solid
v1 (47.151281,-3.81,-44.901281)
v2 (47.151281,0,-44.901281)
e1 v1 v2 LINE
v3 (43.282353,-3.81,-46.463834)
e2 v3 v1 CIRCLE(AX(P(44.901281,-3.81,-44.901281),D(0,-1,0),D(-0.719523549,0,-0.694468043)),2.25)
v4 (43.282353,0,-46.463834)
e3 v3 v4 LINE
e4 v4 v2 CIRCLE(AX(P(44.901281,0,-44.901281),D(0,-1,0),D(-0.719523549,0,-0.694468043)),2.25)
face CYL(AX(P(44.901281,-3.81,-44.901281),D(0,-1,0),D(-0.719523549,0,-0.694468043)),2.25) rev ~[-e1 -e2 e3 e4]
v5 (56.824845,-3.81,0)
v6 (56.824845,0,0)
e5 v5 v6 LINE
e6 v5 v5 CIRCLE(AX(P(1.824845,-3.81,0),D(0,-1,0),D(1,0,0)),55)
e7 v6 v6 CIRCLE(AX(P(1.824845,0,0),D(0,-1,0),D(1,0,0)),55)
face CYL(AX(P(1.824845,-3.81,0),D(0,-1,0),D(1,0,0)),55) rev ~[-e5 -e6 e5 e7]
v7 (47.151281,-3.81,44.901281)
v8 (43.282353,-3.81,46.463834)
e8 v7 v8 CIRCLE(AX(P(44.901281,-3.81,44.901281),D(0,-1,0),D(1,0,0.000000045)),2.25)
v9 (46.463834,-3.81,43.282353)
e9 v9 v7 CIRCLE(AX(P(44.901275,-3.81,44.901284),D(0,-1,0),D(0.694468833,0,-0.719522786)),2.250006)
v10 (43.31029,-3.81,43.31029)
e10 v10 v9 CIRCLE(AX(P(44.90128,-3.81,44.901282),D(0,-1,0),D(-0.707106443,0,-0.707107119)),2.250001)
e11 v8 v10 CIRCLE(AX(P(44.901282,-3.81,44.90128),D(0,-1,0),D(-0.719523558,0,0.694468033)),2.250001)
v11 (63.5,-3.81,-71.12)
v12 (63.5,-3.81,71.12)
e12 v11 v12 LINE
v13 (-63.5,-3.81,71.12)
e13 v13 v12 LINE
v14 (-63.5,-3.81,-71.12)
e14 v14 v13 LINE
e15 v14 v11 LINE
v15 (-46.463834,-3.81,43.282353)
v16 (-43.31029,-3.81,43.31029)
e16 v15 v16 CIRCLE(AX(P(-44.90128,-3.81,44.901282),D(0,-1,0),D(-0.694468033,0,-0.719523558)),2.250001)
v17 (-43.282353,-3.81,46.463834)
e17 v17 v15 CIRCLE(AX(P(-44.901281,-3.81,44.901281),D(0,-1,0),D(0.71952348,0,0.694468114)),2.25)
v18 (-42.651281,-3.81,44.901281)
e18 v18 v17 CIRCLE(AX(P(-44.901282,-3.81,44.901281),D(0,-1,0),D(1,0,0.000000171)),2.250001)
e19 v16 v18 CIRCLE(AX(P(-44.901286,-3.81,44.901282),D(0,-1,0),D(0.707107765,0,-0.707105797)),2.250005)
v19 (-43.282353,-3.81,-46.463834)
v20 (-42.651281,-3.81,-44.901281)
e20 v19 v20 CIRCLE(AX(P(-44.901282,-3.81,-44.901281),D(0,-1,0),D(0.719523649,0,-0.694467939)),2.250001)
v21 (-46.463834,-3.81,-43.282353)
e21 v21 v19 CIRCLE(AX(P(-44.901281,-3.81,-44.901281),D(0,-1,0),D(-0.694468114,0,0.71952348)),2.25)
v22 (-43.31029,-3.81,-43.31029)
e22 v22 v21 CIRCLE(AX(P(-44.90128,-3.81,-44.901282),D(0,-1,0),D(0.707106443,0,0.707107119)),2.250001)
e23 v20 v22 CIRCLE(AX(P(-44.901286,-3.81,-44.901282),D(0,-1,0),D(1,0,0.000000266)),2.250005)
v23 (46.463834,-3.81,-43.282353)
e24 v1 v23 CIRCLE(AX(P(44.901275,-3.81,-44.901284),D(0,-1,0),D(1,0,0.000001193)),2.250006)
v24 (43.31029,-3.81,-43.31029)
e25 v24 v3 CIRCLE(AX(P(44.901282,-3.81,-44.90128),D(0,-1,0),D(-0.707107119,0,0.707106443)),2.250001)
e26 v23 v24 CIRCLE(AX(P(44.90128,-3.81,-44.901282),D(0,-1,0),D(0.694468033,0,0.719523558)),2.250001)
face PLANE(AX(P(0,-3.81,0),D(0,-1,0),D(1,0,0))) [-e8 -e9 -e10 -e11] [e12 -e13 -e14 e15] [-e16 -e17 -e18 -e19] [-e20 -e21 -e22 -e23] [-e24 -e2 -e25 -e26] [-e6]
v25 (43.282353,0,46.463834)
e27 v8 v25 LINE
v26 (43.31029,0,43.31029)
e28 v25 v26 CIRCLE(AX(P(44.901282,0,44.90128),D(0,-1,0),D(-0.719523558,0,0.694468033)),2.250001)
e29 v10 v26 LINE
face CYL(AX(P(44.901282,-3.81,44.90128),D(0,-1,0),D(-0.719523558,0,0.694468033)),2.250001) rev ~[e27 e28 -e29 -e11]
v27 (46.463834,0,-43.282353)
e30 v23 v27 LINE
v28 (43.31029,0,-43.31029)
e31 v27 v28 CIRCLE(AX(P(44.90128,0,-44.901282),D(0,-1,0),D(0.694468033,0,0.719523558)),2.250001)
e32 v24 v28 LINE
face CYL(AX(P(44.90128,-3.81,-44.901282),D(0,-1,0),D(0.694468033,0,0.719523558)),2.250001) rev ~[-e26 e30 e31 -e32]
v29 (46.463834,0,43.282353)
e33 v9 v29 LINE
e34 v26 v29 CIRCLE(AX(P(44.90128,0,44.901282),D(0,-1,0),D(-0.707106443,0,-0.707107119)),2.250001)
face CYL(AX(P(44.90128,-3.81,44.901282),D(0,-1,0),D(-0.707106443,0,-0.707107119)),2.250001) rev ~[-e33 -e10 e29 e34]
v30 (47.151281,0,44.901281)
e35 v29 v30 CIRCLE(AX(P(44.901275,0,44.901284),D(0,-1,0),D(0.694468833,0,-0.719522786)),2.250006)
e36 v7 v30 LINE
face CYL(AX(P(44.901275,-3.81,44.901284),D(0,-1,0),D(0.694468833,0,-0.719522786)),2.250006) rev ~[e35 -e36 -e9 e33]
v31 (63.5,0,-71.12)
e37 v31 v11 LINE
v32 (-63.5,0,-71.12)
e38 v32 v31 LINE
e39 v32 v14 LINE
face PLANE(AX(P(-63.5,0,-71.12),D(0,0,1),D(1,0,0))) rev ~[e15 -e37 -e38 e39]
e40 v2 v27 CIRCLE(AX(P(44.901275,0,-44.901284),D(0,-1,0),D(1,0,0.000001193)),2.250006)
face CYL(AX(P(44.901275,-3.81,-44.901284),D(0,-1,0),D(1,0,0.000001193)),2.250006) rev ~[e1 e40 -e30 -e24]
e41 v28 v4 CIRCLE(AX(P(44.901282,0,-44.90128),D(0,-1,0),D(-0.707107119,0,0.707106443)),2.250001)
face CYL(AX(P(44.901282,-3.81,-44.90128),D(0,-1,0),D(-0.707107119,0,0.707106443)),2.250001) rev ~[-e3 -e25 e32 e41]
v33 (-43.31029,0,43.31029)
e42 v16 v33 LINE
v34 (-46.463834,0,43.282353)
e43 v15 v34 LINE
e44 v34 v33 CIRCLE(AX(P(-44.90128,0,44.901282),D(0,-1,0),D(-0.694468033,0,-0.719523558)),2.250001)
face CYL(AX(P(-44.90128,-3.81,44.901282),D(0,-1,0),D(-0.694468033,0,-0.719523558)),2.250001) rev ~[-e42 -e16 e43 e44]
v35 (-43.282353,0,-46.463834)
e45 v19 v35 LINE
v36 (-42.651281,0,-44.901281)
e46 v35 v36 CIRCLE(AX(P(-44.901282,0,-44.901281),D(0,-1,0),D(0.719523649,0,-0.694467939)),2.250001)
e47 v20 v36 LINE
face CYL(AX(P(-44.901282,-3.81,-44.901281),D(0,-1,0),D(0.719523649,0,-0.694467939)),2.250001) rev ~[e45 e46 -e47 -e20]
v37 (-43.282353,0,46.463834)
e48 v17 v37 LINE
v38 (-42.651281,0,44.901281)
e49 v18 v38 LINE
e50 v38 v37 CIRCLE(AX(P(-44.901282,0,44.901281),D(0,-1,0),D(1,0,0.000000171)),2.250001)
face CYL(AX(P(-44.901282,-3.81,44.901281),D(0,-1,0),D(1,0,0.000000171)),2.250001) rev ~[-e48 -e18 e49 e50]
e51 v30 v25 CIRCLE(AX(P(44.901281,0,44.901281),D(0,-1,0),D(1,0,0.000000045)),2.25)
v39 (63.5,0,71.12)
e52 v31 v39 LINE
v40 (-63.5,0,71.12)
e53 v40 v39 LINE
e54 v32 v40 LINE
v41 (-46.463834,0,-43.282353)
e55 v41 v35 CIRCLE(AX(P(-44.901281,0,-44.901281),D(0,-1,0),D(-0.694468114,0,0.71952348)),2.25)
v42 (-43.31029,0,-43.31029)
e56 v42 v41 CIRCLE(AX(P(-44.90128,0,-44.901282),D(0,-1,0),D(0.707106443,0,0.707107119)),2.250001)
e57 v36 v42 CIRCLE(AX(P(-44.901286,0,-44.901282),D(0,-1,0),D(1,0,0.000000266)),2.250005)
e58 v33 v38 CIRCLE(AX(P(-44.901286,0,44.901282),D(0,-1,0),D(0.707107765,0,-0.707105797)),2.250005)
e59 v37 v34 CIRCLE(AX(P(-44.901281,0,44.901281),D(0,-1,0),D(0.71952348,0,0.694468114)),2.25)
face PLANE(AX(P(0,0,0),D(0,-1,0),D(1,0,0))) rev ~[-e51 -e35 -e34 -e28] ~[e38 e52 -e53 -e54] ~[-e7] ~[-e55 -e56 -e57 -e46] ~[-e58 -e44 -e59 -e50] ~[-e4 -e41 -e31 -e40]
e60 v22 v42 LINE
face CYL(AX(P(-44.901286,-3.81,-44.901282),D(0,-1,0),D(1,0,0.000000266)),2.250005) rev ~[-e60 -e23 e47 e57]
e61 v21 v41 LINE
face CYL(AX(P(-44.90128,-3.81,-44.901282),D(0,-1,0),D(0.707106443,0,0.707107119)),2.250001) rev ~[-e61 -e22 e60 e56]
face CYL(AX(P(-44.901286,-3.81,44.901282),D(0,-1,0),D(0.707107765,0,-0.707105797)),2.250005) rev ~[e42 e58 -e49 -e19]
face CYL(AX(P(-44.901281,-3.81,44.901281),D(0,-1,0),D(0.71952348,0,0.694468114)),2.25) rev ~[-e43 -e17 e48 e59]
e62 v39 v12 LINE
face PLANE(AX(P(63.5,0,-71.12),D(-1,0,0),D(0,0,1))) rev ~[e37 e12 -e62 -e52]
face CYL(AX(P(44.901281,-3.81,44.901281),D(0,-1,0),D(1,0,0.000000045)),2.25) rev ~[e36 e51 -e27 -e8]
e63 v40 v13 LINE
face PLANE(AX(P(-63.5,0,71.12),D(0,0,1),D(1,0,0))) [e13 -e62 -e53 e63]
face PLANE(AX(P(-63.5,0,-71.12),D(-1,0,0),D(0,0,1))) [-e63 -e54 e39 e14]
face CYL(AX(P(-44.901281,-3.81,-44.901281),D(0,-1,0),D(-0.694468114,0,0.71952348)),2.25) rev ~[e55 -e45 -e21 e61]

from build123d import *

# Parameters (mm, degrees)
F0_W     = 127
F0_H     = 142.24
F1_DEPTH = 3.81
F2_R     = 55
F3_DEPTH = 3.81
F5_DEPTH = 3.81


with BuildPart() as f1:
    # F0 (on Front) → F1 (new body)
    with BuildSketch(Plane.XZ):
        Rectangle(F0_W, F0_H)
    extrude(amount=F1_DEPTH)

    # F2 (on face) → F3 (cut, through all)
    with BuildSketch(Plane.XZ.offset(3.81)):
        with Locations((1.824845, 0)):
            Circle(F2_R)
    extrude(amount=-F3_DEPTH, mode=Mode.SUBTRACT)

    # F4 (on face) → F5 (cut, through all)
    with BuildSketch(Plane.XZ.offset(3.81)):
        with BuildLine():
            ThreePointArc((-46.463834, 43.282353), (-44.881349, 42.651369), (-43.31029, 43.31029))
            Line((-43.31029, 43.31029), (-44.901281, 44.901281))
            ThreePointArc((-44.901281, 44.901281), (-45.689728, 44.098738), (-46.463834, 43.282353))
        make_face()
        with BuildLine():
            ThreePointArc((-44.901281, 44.901281), (-44.098738, 45.689728), (-43.282353, 46.463834))
            ThreePointArc((-43.282353, 46.463834), (-46.492271, 46.492271), (-46.463834, 43.282353))
            ThreePointArc((-46.463834, 43.282353), (-45.689728, 44.098738), (-44.901281, 44.901281))
        make_face()
        with BuildLine():
            ThreePointArc((-42.651281, 44.901281), (-42.815006, 45.74387), (-43.282353, 46.463834))
            ThreePointArc((-43.282353, 46.463834), (-44.098738, 45.689728), (-44.901281, 44.901281))
            Line((-44.901281, 44.901281), (-43.31029, 43.31029))
            ThreePointArc((-43.31029, 43.31029), (-42.822552, 44.040243), (-42.651281, 44.901281))
        make_face()
        with BuildLine():
            ThreePointArc((44.901281, 44.901281), (45.689728, 44.098738), (46.463834, 43.282353))
            ThreePointArc((46.463834, 43.282353), (46.9723, 44.021862), (47.151281, 44.901281))
            ThreePointArc((47.151281, 44.901281), (45.74387, 46.987556), (43.282353, 46.463834))
            ThreePointArc((43.282353, 46.463834), (44.098738, 45.689728), (44.901281, 44.901281))
        make_face()
        with BuildLine():
            ThreePointArc((43.31029, 43.31029), (44.881349, 42.651369), (46.463834, 43.282353))
            ThreePointArc((46.463834, 43.282353), (45.689728, 44.098738), (44.901281, 44.901281))
            Line((44.901281, 44.901281), (43.31029, 43.31029))
        make_face()
        with BuildLine():
            Line((43.31029, 43.31029), (44.901281, 44.901281))
            ThreePointArc((44.901281, 44.901281), (44.098738, 45.689728), (43.282353, 46.463834))
            ThreePointArc((43.282353, 46.463834), (42.651369, 44.881349), (43.31029, 43.31029))
        make_face()
        with BuildLine():
            ThreePointArc((44.901281, -44.901281), (45.689728, -44.098738), (46.463834, -43.282353))
            ThreePointArc((46.463834, -43.282353), (44.881349, -42.651369), (43.31029, -43.31029))
            Line((43.31029, -43.31029), (44.901281, -44.901281))
        make_face()
        with BuildLine():
            ThreePointArc((43.282353, -46.463834), (44.098738, -45.689728), (44.901281, -44.901281))
            Line((44.901281, -44.901281), (43.31029, -43.31029))
            ThreePointArc((43.31029, -43.31029), (42.651369, -44.881349), (43.282353, -46.463834))
        make_face()
        with BuildLine():
            ThreePointArc((47.151281, -44.901281), (46.9723, -44.021862), (46.463834, -43.282353))
            ThreePointArc((46.463834, -43.282353), (45.689728, -44.098738), (44.901281, -44.901281))
            ThreePointArc((44.901281, -44.901281), (44.098738, -45.689728), (43.282353, -46.463834))
            ThreePointArc((43.282353, -46.463834), (45.74387, -46.987556), (47.151281, -44.901281))
        make_face()
        with BuildLine():
            ThreePointArc((-46.463834, -43.282353), (-46.492271, -46.492271), (-43.282353, -46.463834))
            ThreePointArc((-43.282353, -46.463834), (-44.098738, -45.689728), (-44.901281, -44.901281))
            ThreePointArc((-44.901281, -44.901281), (-45.689728, -44.098738), (-46.463834, -43.282353))
        make_face()
        with BuildLine():
            Line((-44.901281, -44.901281), (-43.31029, -43.31029))
            ThreePointArc((-43.31029, -43.31029), (-44.881349, -42.651369), (-46.463834, -43.282353))
            ThreePointArc((-46.463834, -43.282353), (-45.689728, -44.098738), (-44.901281, -44.901281))
        make_face()
        with BuildLine():
            ThreePointArc((-42.651281, -44.901281), (-42.822552, -44.040243), (-43.31029, -43.31029))
            Line((-43.31029, -43.31029), (-44.901281, -44.901281))
            ThreePointArc((-44.901281, -44.901281), (-44.098738, -45.689728), (-43.282353, -46.463834))
            ThreePointArc((-43.282353, -46.463834), (-42.815006, -45.74387), (-42.651281, -44.901281))
        make_face()
    extrude(amount=-F5_DEPTH, mode=Mode.SUBTRACT)


solid = f1.part
